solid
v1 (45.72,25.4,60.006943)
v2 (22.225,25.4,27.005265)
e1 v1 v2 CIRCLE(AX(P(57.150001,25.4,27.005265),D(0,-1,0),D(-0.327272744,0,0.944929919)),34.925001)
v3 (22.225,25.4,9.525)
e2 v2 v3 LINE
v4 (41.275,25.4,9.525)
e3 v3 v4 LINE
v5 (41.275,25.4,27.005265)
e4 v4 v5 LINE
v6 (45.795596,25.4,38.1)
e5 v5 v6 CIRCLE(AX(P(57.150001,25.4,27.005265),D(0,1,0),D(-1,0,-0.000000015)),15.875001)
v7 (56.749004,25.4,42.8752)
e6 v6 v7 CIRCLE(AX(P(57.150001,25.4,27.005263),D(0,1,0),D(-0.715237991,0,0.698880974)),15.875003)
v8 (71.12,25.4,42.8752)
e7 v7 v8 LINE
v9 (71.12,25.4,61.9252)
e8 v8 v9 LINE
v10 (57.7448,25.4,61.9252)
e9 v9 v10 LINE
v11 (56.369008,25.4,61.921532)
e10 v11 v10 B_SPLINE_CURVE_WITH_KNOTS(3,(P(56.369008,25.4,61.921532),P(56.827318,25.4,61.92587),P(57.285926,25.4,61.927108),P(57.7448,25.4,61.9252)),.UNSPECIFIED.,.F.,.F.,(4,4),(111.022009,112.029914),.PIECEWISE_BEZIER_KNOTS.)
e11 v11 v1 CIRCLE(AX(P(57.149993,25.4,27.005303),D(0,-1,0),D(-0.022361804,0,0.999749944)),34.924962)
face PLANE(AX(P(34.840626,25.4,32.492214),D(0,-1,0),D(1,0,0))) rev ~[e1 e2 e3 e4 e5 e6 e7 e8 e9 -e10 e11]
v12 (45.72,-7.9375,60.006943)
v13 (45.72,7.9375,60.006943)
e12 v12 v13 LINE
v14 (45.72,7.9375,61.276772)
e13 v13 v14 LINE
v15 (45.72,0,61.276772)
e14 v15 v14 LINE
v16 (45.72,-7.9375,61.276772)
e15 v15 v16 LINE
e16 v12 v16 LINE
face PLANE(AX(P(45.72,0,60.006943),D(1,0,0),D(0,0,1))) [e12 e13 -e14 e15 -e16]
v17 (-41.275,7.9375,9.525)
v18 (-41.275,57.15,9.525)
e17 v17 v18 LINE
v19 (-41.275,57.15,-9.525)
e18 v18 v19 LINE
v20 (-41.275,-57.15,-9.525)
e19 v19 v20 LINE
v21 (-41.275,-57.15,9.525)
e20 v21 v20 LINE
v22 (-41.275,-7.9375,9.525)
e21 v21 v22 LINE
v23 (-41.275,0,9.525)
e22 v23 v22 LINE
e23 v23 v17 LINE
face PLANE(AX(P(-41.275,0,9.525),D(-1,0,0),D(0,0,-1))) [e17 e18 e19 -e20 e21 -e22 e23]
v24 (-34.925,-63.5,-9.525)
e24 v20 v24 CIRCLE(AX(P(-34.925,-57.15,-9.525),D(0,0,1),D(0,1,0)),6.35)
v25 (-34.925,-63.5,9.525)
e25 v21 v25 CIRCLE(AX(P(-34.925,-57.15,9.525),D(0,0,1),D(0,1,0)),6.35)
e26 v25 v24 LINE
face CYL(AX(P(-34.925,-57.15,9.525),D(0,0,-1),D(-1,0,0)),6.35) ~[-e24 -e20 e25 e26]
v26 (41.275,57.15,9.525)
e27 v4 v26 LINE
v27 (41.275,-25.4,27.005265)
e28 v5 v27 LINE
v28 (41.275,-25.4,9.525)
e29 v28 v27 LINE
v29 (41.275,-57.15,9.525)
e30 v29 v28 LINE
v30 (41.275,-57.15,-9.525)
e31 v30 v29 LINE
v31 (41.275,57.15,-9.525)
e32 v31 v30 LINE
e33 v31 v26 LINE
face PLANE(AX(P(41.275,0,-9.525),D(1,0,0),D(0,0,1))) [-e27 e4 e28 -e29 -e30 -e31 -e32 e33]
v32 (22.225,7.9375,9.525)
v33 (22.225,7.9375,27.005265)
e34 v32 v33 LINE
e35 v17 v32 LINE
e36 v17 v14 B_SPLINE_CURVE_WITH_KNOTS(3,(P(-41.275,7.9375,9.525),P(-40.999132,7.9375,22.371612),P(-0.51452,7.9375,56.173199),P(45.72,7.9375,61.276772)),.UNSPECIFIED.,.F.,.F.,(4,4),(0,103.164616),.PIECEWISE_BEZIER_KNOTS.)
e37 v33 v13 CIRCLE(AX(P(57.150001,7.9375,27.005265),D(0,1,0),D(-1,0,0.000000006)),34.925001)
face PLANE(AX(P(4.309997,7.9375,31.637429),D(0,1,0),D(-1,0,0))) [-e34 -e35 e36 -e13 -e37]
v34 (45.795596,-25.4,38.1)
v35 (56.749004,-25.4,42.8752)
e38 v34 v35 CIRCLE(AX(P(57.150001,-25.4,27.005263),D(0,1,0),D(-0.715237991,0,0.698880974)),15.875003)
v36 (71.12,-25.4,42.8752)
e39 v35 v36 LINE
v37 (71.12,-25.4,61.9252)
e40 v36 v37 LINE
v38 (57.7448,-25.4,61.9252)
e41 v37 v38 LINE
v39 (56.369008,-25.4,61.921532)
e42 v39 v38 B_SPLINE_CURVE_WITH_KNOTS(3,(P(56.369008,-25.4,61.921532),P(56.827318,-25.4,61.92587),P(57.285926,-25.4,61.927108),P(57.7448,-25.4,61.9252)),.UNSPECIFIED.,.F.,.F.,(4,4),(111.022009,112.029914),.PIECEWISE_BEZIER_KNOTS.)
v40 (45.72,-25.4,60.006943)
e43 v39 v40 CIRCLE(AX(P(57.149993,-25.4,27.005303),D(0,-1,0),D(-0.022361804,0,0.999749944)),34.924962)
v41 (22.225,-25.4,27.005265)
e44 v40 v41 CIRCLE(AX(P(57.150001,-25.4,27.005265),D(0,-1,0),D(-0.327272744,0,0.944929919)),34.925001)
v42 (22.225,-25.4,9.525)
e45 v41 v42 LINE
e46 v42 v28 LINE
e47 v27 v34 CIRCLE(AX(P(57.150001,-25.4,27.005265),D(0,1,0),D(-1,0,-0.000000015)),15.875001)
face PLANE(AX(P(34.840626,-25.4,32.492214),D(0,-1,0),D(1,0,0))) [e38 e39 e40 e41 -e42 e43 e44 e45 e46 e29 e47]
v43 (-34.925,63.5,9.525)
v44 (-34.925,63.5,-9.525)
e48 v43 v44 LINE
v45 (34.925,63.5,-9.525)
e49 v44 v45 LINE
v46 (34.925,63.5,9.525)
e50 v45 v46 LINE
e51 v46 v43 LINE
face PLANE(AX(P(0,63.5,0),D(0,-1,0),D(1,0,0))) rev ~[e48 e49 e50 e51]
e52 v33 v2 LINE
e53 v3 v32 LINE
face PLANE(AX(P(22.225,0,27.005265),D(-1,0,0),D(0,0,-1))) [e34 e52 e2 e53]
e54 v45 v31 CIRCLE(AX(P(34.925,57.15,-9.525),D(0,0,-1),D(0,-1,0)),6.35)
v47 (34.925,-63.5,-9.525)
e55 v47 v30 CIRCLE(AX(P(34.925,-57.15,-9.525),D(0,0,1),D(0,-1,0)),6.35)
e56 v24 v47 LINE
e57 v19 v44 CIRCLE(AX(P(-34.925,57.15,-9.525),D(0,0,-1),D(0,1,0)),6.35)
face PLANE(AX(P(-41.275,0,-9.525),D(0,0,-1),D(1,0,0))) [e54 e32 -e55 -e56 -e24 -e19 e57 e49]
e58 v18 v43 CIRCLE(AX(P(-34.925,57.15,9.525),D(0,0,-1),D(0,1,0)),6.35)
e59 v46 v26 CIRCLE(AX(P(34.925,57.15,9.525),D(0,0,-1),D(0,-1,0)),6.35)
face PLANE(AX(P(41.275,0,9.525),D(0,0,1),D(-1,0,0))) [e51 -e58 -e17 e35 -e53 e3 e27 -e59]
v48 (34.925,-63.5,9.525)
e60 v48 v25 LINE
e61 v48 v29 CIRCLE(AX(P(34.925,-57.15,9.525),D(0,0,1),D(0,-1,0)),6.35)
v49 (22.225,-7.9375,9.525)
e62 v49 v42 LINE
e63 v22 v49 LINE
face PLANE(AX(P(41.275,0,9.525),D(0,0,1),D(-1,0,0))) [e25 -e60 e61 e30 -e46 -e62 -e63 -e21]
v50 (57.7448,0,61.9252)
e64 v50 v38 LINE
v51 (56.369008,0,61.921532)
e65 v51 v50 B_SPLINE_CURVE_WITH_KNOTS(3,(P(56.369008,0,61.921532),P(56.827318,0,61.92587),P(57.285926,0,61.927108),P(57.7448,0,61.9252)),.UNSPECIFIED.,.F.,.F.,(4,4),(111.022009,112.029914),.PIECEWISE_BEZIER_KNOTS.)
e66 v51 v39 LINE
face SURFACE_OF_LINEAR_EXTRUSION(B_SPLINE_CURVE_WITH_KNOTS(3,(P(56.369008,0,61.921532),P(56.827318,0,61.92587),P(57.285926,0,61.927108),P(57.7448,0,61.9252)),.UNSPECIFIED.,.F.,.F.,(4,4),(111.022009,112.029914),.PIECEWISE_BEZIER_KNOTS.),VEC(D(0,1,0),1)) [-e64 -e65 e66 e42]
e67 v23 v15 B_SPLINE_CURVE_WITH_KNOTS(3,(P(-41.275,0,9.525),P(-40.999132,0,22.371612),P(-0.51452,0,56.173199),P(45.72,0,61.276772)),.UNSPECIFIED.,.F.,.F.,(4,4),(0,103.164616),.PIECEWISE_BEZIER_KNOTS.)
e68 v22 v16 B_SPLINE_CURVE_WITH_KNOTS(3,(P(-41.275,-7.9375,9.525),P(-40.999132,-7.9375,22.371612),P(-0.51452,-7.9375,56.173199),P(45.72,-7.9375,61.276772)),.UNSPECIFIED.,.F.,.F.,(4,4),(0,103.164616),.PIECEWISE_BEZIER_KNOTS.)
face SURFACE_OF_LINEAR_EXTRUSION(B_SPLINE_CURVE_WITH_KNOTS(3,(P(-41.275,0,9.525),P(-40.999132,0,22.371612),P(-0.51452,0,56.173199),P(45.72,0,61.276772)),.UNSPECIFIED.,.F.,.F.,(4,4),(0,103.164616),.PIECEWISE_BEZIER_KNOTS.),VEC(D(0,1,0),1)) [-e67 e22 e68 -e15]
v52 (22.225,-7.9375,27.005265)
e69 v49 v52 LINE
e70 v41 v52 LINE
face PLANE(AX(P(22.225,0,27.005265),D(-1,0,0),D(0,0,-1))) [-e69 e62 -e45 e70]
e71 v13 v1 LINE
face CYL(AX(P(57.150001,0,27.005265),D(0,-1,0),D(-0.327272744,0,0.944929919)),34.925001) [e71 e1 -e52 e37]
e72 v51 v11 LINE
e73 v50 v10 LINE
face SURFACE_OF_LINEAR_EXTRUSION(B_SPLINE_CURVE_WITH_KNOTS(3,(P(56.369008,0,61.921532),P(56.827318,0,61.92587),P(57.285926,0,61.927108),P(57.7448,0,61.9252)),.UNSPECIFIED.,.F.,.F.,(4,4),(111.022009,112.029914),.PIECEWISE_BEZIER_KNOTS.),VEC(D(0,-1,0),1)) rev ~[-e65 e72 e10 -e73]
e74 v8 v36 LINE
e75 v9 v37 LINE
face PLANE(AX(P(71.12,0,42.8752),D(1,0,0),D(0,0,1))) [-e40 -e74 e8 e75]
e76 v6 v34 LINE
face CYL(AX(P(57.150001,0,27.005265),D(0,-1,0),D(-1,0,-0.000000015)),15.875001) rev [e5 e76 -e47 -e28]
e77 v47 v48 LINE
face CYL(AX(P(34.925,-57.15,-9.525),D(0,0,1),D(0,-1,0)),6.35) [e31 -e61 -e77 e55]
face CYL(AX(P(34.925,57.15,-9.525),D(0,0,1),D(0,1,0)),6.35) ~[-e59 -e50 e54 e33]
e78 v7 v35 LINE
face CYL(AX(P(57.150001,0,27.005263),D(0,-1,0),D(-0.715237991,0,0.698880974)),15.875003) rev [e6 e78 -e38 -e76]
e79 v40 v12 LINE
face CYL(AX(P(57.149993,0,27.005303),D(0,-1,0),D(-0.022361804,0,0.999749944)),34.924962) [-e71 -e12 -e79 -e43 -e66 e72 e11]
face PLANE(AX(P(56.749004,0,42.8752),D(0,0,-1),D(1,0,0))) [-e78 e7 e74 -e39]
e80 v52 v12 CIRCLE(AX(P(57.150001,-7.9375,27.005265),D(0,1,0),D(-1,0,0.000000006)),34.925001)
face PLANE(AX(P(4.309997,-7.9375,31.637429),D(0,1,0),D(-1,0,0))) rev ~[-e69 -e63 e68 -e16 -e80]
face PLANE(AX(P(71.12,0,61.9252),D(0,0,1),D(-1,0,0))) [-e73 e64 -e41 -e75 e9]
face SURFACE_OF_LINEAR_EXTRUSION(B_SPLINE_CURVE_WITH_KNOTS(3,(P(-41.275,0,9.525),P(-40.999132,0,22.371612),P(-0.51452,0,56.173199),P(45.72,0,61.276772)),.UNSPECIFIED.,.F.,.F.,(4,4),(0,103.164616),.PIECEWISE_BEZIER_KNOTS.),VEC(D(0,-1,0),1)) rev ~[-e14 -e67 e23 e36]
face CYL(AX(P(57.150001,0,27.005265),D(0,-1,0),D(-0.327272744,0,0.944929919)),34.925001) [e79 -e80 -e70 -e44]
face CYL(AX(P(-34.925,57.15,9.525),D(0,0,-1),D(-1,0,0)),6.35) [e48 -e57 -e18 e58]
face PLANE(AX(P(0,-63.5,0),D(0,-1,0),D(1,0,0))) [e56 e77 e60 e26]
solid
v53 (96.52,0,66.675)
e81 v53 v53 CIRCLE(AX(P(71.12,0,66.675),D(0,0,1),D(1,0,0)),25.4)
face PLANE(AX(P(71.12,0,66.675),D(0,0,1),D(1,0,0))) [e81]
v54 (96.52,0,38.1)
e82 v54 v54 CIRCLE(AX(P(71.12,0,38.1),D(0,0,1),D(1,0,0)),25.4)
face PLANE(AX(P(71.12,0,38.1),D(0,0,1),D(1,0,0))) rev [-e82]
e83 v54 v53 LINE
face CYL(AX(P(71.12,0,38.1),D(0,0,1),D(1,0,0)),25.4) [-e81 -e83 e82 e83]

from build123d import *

# Parameters (mm, degrees)
F1_DEPTH = 63.5
F2_DEPTH = 25.4
F3_DEPTH = 7.9375
F5_R     = 6.35


with BuildPart() as f1:
    # F0 (on Front) → F1 (new body, symmetric)
    with BuildSketch(Plane.XZ):
        Polygon((22.225, 9.525), (-41.275, 9.525), (-41.275, -9.525), (41.275, -9.525), (41.275, 9.525), align=None)
    extrude(amount=F1_DEPTH, both=True)

    # F0 (on Front) → F2 (join, symmetric)
    with BuildSketch(Plane.XZ):
        with BuildLine():
            Line((22.225, 27.005265), (22.225, 9.525))
            Line((22.225, 9.525), (41.275, 9.525))
            Line((41.275, 9.525), (41.275, 27.005265))
            ThreePointArc((41.275, 27.005265), (42.448524, 32.995443), (45.795596, 38.1))
            Line((45.795596, 38.1), (45.72, 38.1))
            Line((45.72, 38.1), (45.72, 60.006943))
            ThreePointArc((45.72, 60.006943), (28.69874, 47.26067), (22.225, 27.005265))
        make_face()
        with BuildLine():
            ThreePointArc((56.369008, 61.921532), (50.969911, 61.379124), (45.72, 60.006943))
            Line((45.72, 60.006943), (45.72, 38.1))
            Line((45.72, 38.1), (45.795596, 38.1))
            ThreePointArc((45.795596, 38.1), (50.805869, 41.557503), (56.749004, 42.8752))
            Line((56.749004, 42.8752), (71.12, 42.8752))
            Line((71.12, 42.8752), (71.12, 61.9252))
            Line((71.12, 61.9252), (57.7448, 61.9252))
            add(Edge.make_bspline(
                [(56.369008, 61.921532), (56.827318, 61.92587), (57.285926, 61.927108), (57.7448, 61.9252)],
                knots=[111.022009, 111.022009, 111.022009, 111.022009, 112.029914, 112.029914, 112.029914, 112.029914], degree=3))
        make_face()
    extrude(amount=F2_DEPTH, both=True)

    # F0 (on Front) → F3 (join, symmetric)
    with BuildSketch(Plane.XZ):
        with BuildLine():
            add(Edge.make_bspline(
                [(-41.275, 9.525), (-40.999132, 22.371612), (-0.51452, 56.173199), (45.72, 61.276772)],
                knots=[0, 0, 0, 0, 103.164616, 103.164616, 103.164616, 103.164616], degree=3))
            Line((-41.275, 9.525), (22.225, 9.525))
            Line((22.225, 9.525), (22.225, 27.005265))
            ThreePointArc((22.225, 27.005265), (28.69874, 47.26067), (45.72, 60.006943))
            Line((45.72, 60.006943), (45.72, 61.276772))
        make_face()
    extrude(amount=F3_DEPTH, both=True)

    # F5
    f5_edges = [f1.edges().sort_by_distance(p)[0] for p in [
        (-41.275, -63.5, 0),
        (41.275, -63.5, 0),
        (41.275, 63.5, 0),
        (-41.275, 63.5, 0),
    ]]
    fillet(f5_edges, radius=F5_R)


with BuildPart() as f4:
    # F0 (on Front) → F4 (revolve)
    with BuildSketch(Plane.XZ):
        Polygon((96.52, 66.675), (71.12, 66.675), (71.12, 61.9252), (71.12, 42.8752), (71.12, 38.1), (96.52, 38.1), align=None)
    revolve(axis=Axis((71.12, 0, 52.3875), (0, 0, 1)))


solid = Compound([f1.part, f4.part])
